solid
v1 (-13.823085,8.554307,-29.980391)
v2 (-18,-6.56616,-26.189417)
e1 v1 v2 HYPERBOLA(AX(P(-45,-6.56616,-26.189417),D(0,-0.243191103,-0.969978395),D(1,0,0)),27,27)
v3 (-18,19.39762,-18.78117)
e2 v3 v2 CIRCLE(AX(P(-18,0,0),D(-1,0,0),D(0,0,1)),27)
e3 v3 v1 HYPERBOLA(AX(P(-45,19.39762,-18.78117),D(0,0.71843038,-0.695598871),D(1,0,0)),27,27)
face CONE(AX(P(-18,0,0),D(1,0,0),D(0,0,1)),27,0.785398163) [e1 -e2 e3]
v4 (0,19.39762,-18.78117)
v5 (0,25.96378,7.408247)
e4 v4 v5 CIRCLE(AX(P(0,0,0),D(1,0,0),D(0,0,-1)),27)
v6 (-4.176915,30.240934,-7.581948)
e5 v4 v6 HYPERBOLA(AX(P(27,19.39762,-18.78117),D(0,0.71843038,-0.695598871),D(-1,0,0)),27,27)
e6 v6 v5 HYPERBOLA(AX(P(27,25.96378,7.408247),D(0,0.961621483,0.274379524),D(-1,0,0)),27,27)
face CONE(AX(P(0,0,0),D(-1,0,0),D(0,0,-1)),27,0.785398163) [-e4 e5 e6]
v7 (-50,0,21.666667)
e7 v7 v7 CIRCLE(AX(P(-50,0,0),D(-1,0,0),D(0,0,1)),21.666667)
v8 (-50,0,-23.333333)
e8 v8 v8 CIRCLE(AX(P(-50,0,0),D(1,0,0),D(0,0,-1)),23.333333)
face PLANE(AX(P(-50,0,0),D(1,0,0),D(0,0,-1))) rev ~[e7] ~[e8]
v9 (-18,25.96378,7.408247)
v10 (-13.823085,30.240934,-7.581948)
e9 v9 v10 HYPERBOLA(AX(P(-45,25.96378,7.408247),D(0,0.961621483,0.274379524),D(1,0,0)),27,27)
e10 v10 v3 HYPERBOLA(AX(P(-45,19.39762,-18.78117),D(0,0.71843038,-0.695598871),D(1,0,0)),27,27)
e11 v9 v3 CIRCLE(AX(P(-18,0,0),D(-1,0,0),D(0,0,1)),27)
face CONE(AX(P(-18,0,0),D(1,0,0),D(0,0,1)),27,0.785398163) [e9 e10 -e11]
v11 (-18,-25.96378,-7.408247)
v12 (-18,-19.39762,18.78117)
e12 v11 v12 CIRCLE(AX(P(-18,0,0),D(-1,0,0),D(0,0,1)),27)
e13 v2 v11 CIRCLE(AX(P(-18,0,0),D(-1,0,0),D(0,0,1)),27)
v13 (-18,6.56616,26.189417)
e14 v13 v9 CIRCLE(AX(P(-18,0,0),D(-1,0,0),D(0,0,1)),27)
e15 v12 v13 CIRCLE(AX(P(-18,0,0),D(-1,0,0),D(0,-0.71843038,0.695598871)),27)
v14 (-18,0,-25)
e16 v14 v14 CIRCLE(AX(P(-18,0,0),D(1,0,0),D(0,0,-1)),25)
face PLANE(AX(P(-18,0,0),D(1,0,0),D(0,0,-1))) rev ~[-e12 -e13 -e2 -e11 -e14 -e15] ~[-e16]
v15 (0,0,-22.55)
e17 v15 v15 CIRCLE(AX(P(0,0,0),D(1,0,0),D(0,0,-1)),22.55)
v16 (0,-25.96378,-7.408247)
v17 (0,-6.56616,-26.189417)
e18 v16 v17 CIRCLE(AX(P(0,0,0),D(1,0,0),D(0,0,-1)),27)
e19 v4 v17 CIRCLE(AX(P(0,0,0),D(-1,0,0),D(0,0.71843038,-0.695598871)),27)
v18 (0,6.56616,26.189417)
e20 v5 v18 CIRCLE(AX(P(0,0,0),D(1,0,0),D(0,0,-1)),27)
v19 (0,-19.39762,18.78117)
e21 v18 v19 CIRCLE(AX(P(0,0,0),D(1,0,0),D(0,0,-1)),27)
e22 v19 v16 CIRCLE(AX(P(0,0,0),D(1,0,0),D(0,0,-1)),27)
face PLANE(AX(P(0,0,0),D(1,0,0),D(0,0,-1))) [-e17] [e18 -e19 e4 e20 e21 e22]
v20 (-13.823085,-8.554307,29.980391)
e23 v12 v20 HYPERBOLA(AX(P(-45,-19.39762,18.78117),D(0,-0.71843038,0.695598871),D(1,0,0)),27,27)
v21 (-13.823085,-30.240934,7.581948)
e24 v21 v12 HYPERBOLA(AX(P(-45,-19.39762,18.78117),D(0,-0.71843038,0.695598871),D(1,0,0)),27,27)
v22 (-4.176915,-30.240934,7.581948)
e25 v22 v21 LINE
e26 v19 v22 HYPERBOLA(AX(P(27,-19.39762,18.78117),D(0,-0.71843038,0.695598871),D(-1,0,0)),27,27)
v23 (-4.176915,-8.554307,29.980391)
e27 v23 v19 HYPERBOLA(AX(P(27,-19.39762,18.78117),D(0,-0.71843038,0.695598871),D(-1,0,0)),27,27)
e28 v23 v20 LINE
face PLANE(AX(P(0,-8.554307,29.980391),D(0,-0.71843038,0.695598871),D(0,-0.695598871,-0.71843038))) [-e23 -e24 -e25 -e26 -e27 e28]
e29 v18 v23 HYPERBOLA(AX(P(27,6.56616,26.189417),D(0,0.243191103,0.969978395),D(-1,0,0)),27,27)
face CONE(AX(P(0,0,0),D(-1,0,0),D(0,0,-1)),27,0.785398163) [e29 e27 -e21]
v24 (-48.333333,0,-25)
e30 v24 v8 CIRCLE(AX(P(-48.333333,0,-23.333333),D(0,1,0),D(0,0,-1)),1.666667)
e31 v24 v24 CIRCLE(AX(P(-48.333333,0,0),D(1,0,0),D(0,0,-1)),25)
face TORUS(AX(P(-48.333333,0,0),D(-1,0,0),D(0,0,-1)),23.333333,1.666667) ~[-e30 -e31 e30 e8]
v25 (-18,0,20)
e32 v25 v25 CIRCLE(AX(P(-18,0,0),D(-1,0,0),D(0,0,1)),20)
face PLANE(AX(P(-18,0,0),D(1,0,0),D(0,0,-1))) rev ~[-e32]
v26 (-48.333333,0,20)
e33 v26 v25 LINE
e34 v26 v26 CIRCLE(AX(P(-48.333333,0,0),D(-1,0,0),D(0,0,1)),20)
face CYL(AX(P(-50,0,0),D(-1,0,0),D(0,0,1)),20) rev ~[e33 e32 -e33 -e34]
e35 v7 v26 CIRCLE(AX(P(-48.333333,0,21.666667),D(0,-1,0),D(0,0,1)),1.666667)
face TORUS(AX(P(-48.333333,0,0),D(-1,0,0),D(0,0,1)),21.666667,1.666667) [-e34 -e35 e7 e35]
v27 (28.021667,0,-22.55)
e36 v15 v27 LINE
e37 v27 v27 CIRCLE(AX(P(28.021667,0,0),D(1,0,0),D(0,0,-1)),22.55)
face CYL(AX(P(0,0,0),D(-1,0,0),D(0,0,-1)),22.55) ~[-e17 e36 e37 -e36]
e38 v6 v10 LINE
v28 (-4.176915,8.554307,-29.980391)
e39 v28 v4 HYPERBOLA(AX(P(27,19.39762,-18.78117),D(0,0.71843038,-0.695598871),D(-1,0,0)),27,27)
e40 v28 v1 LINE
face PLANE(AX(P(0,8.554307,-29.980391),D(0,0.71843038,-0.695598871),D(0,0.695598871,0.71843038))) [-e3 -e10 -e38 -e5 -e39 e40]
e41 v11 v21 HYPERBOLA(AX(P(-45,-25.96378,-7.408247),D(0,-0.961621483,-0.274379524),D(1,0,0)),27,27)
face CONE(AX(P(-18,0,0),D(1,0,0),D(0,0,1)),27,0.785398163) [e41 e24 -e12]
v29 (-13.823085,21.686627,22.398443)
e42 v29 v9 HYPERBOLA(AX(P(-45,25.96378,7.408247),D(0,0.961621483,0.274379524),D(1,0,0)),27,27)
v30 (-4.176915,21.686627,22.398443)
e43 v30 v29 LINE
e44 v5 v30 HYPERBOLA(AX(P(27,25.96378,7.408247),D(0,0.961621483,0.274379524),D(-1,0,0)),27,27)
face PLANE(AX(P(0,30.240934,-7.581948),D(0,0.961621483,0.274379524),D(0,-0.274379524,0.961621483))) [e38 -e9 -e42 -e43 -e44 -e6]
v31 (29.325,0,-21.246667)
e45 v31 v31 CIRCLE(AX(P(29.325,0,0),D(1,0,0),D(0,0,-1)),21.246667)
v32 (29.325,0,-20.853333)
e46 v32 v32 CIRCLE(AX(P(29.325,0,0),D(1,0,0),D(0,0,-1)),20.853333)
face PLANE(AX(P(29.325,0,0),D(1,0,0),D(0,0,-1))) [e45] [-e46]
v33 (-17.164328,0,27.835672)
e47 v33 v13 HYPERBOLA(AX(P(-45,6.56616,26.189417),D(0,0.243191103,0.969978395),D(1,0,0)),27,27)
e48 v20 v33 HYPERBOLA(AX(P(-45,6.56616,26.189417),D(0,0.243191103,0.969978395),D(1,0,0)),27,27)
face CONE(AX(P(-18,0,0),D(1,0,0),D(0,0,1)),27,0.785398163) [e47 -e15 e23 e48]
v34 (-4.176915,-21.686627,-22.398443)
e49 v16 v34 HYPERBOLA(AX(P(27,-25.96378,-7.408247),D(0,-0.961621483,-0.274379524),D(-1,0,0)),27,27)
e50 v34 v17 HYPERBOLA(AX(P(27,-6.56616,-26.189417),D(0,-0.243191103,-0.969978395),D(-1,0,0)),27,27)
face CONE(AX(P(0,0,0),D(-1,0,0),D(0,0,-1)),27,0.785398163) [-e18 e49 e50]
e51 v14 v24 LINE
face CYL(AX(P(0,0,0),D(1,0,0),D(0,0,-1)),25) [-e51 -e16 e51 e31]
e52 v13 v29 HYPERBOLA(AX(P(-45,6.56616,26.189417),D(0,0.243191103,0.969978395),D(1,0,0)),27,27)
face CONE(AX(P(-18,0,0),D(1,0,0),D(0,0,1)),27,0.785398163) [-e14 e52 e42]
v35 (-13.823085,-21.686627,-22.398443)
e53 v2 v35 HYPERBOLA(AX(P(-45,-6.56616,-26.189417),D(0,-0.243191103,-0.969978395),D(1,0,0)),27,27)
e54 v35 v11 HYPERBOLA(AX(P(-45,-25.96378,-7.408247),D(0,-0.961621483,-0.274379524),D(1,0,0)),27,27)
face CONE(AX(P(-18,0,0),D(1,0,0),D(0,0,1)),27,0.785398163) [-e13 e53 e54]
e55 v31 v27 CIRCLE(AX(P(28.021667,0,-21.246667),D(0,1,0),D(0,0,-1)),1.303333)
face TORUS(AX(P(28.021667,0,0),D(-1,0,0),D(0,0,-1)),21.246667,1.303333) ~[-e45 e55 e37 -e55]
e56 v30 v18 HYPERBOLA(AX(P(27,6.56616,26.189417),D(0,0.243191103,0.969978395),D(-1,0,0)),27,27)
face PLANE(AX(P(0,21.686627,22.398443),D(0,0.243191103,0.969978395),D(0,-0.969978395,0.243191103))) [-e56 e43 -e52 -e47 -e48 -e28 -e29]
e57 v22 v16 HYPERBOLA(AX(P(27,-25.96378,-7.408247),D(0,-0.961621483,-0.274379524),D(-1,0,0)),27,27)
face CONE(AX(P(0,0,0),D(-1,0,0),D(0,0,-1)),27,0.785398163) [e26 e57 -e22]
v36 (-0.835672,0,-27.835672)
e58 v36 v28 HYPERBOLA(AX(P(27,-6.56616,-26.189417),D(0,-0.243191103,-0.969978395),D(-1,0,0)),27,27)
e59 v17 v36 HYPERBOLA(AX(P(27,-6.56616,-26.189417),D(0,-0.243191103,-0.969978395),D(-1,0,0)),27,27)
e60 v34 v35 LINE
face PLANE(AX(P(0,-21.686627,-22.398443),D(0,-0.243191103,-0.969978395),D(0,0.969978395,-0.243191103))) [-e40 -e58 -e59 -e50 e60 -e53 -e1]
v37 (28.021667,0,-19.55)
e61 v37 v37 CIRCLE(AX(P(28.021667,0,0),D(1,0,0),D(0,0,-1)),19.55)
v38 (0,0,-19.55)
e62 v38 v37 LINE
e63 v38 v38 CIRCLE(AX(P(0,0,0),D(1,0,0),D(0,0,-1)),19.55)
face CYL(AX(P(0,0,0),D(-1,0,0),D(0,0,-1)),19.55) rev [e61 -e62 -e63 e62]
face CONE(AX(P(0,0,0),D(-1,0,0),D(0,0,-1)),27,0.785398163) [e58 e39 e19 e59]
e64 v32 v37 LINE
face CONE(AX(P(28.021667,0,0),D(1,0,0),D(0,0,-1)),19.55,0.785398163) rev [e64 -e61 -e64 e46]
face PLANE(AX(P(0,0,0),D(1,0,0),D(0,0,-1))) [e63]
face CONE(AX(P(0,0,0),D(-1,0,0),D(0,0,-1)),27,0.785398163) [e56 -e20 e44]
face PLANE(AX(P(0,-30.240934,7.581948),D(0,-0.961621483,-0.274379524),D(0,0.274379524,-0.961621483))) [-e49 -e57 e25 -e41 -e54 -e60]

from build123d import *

# Parameters (mm, degrees)
SKETCH_1_R          = 25
EXTRUDE_1_DEPTH     = 50
SKETCH_2_R          = 20
CUT_EXTRUDE_1_DEPTH = 48
EXTRUDE_2_DEPTH     = 18
SKETCH_4_OUTSIDE_W  = 101.712
SKETCH_4_OUTSIDE_H  = 102.234
SKETCH_4_OUTSIDE_R  = 27
CUT_EXTRUDE_3_DEPTH = 10
CUT_EXTRUDE_3_DRAFT = -45
SKETCH_5_OUTSIDE_W  = 101.712
SKETCH_5_OUTSIDE_H  = 102.234
SKETCH_5_OUTSIDE_R  = 27
CUT_EXTRUDE_4_DEPTH = 10
CUT_EXTRUDE_4_DRAFT = -45
SKETCH_6_R          = 22.55
SKETCH_6_R_2        = 19.55
EXTRUDE_1_2_DEPTH   = 29.325
FILLET_1_R          = 1.666666667
CHAMFER_1_SIZE      = 1.303333333
FILLET_2_R          = 1.303333333


with BuildPart() as part:
    # Эскиз1 → Extrude 1 (new body)
    with BuildSketch(Plane(origin=(0, 0, 0), x_dir=(0, 0, -1), z_dir=(1, 0, 0))):
        Circle(SKETCH_1_R)
    extrude(amount=-EXTRUDE_1_DEPTH)

    # Эскиз2 → Вырез-Вытянуть1 (cut)
    with BuildSketch(Plane.ZY.offset(50)):
        Circle(SKETCH_2_R)
    extrude(amount=-CUT_EXTRUDE_1_DEPTH, mode=Mode.SUBTRACT)

    # Эскиз3 → Бобышка-Вытянуть2 (add)
    with BuildSketch(Plane(origin=(0, 0, 0), x_dir=(0, 0, -1), z_dir=(1, 0, 0))):
        Polygon((22.398442547, -21.686626558), (29.980390795, 8.554306971), (7.581948249, 30.24093353), (-22.398442547, 21.686626558), (-29.980390795, -8.554306971), (-7.581948249, -30.24093353), align=None)
    extrude(amount=-EXTRUDE_2_DEPTH)


with BuildPart() as cut_extrude_3_tool:
    # Эскиз4 outside → Вырез-Вытянуть3 (with draft: the straight prism first)
    with BuildSketch(Plane(origin=(0, 0, 0), x_dir=(0, 0, -1), z_dir=(1, 0, 0))):
        Rectangle(SKETCH_4_OUTSIDE_W, SKETCH_4_OUTSIDE_H)
        Circle(SKETCH_4_OUTSIDE_R, mode=Mode.SUBTRACT)
    extrude(amount=-CUT_EXTRUDE_3_DEPTH)
    # Вырез-Вытянуть3: the draft: its side faces are tilted about the plane it starts from
    cut_extrude_3_sides = [cut_extrude_3_tool.faces().sort_by_distance(p)[0] for p in [
        (-5, -51.117, 0),
        (-5, 0, -50.856),
        (-5, 51.117, 0),
        (-5, 0, 50.856),
        (-5, 0, 27),
    ]]
    draft(cut_extrude_3_sides, Plane(origin=(0, 0, 0), x_dir=(0, 0, -1), z_dir=(1, 0, 0)), CUT_EXTRUDE_3_DRAFT)


with BuildPart() as part_1:
    add(part.part)

    # Вырез-Вытянуть3: cut by cut_extrude_3_tool
    add(cut_extrude_3_tool.part, mode=Mode.SUBTRACT)


with BuildPart() as cut_extrude_4_tool:
    # Эскиз5 outside → Вырез-Вытянуть4 (with draft: the straight prism first)
    with BuildSketch(Plane.ZY.offset(18)):
        Rectangle(SKETCH_5_OUTSIDE_W, SKETCH_5_OUTSIDE_H)
        Circle(SKETCH_5_OUTSIDE_R, mode=Mode.SUBTRACT)
    extrude(amount=-CUT_EXTRUDE_4_DEPTH)
    # Вырез-Вытянуть4: the draft: its side faces are tilted about the plane it starts from
    cut_extrude_4_sides = [cut_extrude_4_tool.faces().sort_by_distance(p)[0] for p in [
        (-13, -51.117, 0),
        (-13, 0, 50.856),
        (-13, 51.117, 0),
        (-13, 0, -50.856),
        (-13, 0, -27),
    ]]
    draft(cut_extrude_4_sides, Plane.ZY.offset(18), CUT_EXTRUDE_4_DRAFT)


with BuildPart() as part_2:
    add(part_1.part)

    # Вырез-Вытянуть4: cut by cut_extrude_4_tool
    add(cut_extrude_4_tool.part, mode=Mode.SUBTRACT)

    # Эскиз6 → Extrude 1 2 (add)
    with BuildSketch(Plane(origin=(0, 0, 0), x_dir=(0, 0, -1), z_dir=(1, 0, 0))):
        Circle(SKETCH_6_R)
        Circle(SKETCH_6_R_2, mode=Mode.SUBTRACT)
    extrude(amount=EXTRUDE_1_2_DEPTH)

    # Скругление1
    fillet_1_edges = [part_2.edges().sort_by_distance(p)[0] for p in [
        (-50, 0, 25),
        (-50, 0, -20),
    ]]
    fillet(fillet_1_edges, radius=FILLET_1_R)

    # Фаска1
    chamfer_1_edges = [part_2.edges().sort_by_distance(p)[0] for p in [
        (29.325, 0, 19.55),
    ]]
    chamfer(chamfer_1_edges, length=CHAMFER_1_SIZE)

    # Скругление2
    fillet_2_edges = [part_2.edges().sort_by_distance(p)[0] for p in [
        (29.325, 0, 22.55),
    ]]
    fillet(fillet_2_edges, radius=FILLET_2_R)


solid = part_2.part
